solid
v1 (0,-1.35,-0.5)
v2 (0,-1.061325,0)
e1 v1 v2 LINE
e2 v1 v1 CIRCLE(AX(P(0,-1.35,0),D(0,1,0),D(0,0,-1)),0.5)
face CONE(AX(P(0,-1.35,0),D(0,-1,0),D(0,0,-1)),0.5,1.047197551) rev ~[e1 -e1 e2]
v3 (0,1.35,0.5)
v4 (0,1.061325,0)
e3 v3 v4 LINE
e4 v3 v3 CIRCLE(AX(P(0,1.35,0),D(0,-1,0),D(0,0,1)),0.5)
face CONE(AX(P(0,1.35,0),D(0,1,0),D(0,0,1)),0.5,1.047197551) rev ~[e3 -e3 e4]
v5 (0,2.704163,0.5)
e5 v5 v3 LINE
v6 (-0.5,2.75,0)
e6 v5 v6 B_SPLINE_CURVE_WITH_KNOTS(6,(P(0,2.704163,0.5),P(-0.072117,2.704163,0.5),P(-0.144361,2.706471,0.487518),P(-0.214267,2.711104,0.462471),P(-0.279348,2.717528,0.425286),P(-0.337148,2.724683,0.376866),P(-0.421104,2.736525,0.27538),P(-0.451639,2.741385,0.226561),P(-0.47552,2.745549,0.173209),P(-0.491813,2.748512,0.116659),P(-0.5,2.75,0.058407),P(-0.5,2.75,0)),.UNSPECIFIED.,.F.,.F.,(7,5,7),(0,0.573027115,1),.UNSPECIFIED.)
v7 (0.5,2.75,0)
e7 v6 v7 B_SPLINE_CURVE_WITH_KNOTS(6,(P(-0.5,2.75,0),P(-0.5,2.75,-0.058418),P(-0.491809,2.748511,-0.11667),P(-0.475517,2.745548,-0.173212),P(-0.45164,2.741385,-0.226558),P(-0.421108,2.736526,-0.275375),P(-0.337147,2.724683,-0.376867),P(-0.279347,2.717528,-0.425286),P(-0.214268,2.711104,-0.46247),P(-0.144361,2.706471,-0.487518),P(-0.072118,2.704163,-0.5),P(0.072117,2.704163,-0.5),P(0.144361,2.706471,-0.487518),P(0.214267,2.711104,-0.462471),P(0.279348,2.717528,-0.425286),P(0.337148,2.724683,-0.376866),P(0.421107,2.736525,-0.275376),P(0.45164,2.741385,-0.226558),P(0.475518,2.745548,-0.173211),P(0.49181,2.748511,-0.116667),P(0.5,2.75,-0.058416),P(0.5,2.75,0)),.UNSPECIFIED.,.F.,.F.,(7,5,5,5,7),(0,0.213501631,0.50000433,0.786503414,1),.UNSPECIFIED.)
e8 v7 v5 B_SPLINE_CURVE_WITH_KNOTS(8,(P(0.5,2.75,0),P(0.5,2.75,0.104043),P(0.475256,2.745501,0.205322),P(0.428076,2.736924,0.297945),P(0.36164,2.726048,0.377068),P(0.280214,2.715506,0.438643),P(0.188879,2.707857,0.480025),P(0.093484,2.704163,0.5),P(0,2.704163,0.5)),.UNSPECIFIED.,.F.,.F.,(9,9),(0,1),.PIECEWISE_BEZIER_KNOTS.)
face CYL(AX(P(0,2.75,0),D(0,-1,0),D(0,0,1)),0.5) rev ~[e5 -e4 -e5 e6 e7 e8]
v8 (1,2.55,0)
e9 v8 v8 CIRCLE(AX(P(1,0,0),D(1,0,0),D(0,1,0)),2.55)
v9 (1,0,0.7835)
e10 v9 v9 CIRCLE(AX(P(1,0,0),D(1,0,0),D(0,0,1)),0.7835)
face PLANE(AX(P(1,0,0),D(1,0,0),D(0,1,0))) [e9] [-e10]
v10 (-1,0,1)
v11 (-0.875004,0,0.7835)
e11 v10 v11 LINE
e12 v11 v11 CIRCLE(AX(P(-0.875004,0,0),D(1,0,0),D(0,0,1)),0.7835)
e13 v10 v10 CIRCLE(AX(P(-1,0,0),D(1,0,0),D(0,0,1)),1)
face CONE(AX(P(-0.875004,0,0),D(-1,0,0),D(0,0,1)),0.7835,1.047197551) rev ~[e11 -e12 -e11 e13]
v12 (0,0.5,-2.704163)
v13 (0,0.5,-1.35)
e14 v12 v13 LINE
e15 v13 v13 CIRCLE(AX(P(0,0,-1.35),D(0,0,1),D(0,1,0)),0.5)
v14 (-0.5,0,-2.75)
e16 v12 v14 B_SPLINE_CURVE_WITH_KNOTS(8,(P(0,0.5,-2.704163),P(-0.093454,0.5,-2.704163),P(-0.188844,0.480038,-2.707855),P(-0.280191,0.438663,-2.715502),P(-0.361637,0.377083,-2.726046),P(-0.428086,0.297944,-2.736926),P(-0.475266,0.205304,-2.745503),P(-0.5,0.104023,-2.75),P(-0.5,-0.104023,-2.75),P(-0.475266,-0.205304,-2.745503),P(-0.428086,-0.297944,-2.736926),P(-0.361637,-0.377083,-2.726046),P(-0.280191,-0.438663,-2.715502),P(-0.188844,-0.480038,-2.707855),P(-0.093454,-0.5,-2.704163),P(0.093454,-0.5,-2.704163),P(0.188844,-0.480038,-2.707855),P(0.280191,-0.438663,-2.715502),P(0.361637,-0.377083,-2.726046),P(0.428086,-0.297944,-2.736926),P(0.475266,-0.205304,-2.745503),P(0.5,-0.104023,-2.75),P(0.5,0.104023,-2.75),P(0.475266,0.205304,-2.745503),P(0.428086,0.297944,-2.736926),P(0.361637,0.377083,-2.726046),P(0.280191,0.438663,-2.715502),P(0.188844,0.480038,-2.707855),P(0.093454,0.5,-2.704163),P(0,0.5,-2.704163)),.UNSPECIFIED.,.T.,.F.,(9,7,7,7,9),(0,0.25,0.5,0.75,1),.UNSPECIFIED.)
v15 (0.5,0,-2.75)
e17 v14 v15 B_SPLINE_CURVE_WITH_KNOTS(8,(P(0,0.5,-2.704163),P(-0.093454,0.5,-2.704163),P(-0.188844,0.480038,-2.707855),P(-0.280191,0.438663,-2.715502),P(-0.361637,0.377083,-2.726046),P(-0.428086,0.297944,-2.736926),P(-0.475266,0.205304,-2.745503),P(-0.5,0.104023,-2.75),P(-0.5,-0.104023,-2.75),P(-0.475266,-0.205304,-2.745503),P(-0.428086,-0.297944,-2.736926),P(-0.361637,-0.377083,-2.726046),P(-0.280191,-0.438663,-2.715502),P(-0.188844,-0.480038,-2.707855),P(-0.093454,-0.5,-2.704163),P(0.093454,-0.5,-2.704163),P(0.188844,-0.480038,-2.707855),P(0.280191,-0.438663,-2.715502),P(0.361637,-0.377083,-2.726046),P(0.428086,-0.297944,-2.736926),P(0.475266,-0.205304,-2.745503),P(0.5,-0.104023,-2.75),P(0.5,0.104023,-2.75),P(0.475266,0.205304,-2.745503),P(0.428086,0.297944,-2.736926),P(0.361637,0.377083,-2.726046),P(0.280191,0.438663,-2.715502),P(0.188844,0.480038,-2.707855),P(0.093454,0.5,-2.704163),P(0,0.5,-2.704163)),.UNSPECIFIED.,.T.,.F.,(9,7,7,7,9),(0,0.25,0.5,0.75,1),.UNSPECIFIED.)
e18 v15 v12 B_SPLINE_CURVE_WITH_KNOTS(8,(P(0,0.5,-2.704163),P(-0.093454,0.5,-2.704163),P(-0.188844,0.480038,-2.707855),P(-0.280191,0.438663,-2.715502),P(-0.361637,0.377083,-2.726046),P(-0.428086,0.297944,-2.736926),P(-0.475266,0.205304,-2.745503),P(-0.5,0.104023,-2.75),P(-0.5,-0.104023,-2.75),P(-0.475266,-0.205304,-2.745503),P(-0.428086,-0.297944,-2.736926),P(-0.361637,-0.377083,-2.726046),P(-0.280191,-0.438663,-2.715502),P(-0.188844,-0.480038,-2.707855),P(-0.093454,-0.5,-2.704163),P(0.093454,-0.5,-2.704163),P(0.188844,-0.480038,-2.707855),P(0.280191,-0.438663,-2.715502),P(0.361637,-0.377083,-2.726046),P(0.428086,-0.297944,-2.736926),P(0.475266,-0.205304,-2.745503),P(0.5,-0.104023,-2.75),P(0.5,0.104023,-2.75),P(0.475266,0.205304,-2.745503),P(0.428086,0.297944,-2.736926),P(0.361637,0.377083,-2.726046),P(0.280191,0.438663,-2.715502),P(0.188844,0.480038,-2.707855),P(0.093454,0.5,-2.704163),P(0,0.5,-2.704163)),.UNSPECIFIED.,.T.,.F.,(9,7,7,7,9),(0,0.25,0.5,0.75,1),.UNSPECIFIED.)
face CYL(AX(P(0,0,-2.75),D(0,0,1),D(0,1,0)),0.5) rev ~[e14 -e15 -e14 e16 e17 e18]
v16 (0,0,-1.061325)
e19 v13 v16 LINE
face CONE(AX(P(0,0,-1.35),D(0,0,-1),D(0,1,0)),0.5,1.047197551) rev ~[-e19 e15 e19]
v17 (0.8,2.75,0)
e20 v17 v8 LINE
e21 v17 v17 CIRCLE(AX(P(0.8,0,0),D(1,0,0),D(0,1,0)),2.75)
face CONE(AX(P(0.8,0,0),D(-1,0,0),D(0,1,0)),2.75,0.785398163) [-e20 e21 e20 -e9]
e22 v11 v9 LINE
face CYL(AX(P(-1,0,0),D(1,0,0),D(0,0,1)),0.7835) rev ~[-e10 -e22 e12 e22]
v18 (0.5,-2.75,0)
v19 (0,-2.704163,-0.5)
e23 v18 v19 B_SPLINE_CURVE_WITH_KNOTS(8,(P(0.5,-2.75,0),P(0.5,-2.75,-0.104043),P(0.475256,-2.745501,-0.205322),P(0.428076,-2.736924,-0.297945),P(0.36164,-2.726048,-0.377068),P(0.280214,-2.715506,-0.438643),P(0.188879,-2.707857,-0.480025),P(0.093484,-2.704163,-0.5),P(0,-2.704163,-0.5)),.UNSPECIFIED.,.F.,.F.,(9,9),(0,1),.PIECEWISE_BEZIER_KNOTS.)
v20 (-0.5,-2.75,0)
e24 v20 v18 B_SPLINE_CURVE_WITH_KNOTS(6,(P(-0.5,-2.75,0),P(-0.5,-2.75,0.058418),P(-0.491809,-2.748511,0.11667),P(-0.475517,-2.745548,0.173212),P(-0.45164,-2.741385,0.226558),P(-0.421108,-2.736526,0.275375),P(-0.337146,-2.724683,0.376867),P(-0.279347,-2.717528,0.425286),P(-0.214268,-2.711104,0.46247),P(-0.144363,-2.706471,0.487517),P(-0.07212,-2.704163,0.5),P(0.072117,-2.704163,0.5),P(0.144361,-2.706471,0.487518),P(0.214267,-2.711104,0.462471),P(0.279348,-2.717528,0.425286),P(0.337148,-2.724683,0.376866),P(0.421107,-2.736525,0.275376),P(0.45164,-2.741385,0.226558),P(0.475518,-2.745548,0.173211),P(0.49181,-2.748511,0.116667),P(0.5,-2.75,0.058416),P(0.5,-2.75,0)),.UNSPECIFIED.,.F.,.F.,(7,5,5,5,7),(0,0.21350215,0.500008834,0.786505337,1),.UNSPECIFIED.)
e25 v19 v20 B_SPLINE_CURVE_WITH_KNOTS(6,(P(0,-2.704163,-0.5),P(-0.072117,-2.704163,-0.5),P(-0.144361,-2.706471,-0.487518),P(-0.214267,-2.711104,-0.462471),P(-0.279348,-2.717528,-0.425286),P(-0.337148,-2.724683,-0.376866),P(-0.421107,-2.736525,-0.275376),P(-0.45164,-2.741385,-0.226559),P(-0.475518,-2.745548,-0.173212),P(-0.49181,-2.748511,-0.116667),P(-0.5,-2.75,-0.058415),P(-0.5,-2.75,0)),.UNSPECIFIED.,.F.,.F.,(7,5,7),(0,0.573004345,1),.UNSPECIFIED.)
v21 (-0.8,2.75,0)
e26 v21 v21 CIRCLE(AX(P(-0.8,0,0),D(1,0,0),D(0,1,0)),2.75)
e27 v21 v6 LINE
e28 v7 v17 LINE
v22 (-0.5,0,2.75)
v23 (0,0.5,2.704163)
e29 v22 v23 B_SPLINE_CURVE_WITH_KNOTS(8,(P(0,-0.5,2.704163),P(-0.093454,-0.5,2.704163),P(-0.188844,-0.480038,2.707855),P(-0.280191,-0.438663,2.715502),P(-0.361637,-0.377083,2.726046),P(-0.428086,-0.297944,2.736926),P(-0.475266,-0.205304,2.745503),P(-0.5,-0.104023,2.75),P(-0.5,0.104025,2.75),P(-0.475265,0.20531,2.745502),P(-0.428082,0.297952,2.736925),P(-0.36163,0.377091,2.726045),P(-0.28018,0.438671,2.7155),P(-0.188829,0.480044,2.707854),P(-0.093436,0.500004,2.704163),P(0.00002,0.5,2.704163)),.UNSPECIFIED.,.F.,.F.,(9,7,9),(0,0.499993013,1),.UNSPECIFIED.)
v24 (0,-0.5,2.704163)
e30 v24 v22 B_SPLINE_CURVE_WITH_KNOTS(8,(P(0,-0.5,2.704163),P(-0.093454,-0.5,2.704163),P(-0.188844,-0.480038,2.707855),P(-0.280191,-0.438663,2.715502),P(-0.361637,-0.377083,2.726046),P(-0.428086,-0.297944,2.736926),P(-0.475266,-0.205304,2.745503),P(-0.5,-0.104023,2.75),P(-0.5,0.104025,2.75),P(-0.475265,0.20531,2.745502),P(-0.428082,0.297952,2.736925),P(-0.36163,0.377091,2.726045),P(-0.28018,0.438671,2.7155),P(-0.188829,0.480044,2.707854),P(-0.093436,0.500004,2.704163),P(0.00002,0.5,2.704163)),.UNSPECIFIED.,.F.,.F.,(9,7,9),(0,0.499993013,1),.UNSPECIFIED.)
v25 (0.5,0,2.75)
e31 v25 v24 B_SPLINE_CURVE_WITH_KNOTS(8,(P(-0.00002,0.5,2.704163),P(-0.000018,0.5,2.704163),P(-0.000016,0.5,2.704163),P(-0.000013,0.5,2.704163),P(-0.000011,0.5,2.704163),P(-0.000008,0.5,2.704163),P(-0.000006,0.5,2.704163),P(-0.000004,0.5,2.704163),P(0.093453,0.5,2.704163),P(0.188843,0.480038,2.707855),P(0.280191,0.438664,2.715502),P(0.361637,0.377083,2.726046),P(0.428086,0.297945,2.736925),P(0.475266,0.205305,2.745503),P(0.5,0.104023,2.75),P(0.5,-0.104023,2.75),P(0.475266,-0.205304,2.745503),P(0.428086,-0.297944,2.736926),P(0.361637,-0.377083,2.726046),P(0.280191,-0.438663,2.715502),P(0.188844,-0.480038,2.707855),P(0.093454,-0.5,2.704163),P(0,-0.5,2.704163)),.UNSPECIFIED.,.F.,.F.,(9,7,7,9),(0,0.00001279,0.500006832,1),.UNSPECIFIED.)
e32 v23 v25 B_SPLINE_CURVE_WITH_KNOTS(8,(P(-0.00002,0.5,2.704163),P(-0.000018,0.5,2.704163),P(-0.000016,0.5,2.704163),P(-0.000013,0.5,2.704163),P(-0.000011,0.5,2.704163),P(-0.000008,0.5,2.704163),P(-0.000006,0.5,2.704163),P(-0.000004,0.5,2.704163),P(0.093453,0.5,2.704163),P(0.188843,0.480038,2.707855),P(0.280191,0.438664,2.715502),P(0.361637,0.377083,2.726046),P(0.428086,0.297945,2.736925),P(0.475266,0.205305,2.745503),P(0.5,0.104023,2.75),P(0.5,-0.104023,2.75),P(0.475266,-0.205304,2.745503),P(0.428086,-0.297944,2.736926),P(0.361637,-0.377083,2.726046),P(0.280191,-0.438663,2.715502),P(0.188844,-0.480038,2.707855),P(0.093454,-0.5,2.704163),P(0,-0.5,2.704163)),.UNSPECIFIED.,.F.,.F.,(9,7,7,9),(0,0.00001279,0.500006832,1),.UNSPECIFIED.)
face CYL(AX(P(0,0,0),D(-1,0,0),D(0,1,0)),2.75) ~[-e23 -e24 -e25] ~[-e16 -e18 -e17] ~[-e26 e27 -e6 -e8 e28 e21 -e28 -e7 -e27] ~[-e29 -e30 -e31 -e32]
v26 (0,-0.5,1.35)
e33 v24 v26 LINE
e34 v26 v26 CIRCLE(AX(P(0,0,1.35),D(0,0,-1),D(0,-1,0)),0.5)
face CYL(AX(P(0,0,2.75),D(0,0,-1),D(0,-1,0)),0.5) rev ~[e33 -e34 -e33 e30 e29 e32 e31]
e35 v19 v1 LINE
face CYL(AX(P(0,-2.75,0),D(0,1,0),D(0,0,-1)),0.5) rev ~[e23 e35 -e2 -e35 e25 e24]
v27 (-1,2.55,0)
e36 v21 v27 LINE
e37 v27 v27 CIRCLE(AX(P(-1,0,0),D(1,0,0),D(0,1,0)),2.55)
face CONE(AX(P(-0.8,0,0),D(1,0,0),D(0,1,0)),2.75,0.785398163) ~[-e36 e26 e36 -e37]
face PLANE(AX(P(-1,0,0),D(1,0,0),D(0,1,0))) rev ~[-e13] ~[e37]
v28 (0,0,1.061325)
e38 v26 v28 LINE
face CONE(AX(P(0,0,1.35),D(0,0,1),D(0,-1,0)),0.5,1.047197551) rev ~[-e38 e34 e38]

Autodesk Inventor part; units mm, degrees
ref_plane "YZ Plane" through (0, 0, 0) normal (1, 0, 0) x (0, 1, 0)
sketch "Sketch1" plane through (0, 0, 0) normal (1, 0, 0) x (0, 1, 0)
  circle A0 centre (0, 0) radius 2.75
  dimension "d0" = 5.5
extrude "Body" add sketch "Sketch1" along normal mid plane 2
sketch "Sketch2" plane through (-1, 0, 0) normal (-1, 0, 0) x (0, 0, 1)
  line L0 (0, -3.85) -> (0, 3.85) projected
  line L1 (-3.85, 0) -> (3.85, 0) projected
  point P0 (0, 0)
  point P1 (0, 0)
hole "Thread" at (-1, 0, 0) direction (1, 0, 0) diameter 1.567 end through all thread size "M2x0.4" class "6H" standard "ISO Metric profile"
ref_plane "Work Plane1" through (0, 0, 2.75) normal (0, 0, 1) x (1, 0, 0)
sketch "Sketch3" plane through (0, 0, 2.75) normal (0, 0, 1) x (1, 0, 0)
  line L0 (-1.4, 0) -> (1.4, 0) projected
  line L1 (0, 3.85) -> (0, -3.85) projected
  point P0 (0, 0)
hole "Hole" at (0, 0, 2.75) direction (0, 0, -1) diameter 1 depth 1.4 tip angle 120
pattern_circular "Holes" count 4 over 360 about axis through (-10, 0, 0) along (1, 0, 0) of "Hole"
chamfer "Chamfer1" distance 0.2 angle 45 1 edges at (-1, -2.75, 0) measured on face at (-0.0044, -2.5506, 1.028)
chamfer "Chamfer2" distance 0.2 angle 45 1 edges at (1, -2.75, 0) measured on face at (0.0623, -2.5506, 1.028)
chamfer "Chamfer3" distance 0.2165 angle 30 1 edges at (-1, 0, -0.7835) measured on face at (-1, 1.9346, -0.2349)
ref_plane "Work Plane3" through (7.0312, 0, 0) normal (0, 1, 0) x (-1, 0, 0)
equation "\"d0\" = SD2"
equation "\"d1\" = KOH"
equation "\"d7\" = BOR"
equation "\"d9\" = ANG"
equation "\"d8\" = LOTI"
equation "\"d3\" = PHH1"
equation "\"d61\" = PHH1"
equation "\"d5\" = PHH"
equation "\"d62\" = PHH"
equation "\"d12\" = -0.5 * GD1 + 0.5 * NND"
equation "\"d63\" = -0.5 * GD1 + 0.5 * NND"
equation "\"FAWI1\" = 45deg"
equation "\"FAWI\" = 45deg"
equation "\"ANG\" = 120deg"
equation "\"NND\" = 2"
equation "\"KOH\" = 2"
equation "\"SD2\" = 5.5"
equation "\"BOR\" = 1"
equation "\"LOTI\" = 1.4"
equation "\"PHH\" = 0.2"
equation "\"PHH1\" = PHH"
equation "\"GUL\" = 0.541266 * PTC"
equation "\"THREADDIA\" = 2"
equation "\"PTC\" = 0.4"
equation "\"GAL\" = 0.541266 * PTC"
equation "\"TOA\" = 30deg"
equation "\"GD1\" = 1.566987"
properties part number "CNS 4433 - M 2" material "Steel, Mild"
